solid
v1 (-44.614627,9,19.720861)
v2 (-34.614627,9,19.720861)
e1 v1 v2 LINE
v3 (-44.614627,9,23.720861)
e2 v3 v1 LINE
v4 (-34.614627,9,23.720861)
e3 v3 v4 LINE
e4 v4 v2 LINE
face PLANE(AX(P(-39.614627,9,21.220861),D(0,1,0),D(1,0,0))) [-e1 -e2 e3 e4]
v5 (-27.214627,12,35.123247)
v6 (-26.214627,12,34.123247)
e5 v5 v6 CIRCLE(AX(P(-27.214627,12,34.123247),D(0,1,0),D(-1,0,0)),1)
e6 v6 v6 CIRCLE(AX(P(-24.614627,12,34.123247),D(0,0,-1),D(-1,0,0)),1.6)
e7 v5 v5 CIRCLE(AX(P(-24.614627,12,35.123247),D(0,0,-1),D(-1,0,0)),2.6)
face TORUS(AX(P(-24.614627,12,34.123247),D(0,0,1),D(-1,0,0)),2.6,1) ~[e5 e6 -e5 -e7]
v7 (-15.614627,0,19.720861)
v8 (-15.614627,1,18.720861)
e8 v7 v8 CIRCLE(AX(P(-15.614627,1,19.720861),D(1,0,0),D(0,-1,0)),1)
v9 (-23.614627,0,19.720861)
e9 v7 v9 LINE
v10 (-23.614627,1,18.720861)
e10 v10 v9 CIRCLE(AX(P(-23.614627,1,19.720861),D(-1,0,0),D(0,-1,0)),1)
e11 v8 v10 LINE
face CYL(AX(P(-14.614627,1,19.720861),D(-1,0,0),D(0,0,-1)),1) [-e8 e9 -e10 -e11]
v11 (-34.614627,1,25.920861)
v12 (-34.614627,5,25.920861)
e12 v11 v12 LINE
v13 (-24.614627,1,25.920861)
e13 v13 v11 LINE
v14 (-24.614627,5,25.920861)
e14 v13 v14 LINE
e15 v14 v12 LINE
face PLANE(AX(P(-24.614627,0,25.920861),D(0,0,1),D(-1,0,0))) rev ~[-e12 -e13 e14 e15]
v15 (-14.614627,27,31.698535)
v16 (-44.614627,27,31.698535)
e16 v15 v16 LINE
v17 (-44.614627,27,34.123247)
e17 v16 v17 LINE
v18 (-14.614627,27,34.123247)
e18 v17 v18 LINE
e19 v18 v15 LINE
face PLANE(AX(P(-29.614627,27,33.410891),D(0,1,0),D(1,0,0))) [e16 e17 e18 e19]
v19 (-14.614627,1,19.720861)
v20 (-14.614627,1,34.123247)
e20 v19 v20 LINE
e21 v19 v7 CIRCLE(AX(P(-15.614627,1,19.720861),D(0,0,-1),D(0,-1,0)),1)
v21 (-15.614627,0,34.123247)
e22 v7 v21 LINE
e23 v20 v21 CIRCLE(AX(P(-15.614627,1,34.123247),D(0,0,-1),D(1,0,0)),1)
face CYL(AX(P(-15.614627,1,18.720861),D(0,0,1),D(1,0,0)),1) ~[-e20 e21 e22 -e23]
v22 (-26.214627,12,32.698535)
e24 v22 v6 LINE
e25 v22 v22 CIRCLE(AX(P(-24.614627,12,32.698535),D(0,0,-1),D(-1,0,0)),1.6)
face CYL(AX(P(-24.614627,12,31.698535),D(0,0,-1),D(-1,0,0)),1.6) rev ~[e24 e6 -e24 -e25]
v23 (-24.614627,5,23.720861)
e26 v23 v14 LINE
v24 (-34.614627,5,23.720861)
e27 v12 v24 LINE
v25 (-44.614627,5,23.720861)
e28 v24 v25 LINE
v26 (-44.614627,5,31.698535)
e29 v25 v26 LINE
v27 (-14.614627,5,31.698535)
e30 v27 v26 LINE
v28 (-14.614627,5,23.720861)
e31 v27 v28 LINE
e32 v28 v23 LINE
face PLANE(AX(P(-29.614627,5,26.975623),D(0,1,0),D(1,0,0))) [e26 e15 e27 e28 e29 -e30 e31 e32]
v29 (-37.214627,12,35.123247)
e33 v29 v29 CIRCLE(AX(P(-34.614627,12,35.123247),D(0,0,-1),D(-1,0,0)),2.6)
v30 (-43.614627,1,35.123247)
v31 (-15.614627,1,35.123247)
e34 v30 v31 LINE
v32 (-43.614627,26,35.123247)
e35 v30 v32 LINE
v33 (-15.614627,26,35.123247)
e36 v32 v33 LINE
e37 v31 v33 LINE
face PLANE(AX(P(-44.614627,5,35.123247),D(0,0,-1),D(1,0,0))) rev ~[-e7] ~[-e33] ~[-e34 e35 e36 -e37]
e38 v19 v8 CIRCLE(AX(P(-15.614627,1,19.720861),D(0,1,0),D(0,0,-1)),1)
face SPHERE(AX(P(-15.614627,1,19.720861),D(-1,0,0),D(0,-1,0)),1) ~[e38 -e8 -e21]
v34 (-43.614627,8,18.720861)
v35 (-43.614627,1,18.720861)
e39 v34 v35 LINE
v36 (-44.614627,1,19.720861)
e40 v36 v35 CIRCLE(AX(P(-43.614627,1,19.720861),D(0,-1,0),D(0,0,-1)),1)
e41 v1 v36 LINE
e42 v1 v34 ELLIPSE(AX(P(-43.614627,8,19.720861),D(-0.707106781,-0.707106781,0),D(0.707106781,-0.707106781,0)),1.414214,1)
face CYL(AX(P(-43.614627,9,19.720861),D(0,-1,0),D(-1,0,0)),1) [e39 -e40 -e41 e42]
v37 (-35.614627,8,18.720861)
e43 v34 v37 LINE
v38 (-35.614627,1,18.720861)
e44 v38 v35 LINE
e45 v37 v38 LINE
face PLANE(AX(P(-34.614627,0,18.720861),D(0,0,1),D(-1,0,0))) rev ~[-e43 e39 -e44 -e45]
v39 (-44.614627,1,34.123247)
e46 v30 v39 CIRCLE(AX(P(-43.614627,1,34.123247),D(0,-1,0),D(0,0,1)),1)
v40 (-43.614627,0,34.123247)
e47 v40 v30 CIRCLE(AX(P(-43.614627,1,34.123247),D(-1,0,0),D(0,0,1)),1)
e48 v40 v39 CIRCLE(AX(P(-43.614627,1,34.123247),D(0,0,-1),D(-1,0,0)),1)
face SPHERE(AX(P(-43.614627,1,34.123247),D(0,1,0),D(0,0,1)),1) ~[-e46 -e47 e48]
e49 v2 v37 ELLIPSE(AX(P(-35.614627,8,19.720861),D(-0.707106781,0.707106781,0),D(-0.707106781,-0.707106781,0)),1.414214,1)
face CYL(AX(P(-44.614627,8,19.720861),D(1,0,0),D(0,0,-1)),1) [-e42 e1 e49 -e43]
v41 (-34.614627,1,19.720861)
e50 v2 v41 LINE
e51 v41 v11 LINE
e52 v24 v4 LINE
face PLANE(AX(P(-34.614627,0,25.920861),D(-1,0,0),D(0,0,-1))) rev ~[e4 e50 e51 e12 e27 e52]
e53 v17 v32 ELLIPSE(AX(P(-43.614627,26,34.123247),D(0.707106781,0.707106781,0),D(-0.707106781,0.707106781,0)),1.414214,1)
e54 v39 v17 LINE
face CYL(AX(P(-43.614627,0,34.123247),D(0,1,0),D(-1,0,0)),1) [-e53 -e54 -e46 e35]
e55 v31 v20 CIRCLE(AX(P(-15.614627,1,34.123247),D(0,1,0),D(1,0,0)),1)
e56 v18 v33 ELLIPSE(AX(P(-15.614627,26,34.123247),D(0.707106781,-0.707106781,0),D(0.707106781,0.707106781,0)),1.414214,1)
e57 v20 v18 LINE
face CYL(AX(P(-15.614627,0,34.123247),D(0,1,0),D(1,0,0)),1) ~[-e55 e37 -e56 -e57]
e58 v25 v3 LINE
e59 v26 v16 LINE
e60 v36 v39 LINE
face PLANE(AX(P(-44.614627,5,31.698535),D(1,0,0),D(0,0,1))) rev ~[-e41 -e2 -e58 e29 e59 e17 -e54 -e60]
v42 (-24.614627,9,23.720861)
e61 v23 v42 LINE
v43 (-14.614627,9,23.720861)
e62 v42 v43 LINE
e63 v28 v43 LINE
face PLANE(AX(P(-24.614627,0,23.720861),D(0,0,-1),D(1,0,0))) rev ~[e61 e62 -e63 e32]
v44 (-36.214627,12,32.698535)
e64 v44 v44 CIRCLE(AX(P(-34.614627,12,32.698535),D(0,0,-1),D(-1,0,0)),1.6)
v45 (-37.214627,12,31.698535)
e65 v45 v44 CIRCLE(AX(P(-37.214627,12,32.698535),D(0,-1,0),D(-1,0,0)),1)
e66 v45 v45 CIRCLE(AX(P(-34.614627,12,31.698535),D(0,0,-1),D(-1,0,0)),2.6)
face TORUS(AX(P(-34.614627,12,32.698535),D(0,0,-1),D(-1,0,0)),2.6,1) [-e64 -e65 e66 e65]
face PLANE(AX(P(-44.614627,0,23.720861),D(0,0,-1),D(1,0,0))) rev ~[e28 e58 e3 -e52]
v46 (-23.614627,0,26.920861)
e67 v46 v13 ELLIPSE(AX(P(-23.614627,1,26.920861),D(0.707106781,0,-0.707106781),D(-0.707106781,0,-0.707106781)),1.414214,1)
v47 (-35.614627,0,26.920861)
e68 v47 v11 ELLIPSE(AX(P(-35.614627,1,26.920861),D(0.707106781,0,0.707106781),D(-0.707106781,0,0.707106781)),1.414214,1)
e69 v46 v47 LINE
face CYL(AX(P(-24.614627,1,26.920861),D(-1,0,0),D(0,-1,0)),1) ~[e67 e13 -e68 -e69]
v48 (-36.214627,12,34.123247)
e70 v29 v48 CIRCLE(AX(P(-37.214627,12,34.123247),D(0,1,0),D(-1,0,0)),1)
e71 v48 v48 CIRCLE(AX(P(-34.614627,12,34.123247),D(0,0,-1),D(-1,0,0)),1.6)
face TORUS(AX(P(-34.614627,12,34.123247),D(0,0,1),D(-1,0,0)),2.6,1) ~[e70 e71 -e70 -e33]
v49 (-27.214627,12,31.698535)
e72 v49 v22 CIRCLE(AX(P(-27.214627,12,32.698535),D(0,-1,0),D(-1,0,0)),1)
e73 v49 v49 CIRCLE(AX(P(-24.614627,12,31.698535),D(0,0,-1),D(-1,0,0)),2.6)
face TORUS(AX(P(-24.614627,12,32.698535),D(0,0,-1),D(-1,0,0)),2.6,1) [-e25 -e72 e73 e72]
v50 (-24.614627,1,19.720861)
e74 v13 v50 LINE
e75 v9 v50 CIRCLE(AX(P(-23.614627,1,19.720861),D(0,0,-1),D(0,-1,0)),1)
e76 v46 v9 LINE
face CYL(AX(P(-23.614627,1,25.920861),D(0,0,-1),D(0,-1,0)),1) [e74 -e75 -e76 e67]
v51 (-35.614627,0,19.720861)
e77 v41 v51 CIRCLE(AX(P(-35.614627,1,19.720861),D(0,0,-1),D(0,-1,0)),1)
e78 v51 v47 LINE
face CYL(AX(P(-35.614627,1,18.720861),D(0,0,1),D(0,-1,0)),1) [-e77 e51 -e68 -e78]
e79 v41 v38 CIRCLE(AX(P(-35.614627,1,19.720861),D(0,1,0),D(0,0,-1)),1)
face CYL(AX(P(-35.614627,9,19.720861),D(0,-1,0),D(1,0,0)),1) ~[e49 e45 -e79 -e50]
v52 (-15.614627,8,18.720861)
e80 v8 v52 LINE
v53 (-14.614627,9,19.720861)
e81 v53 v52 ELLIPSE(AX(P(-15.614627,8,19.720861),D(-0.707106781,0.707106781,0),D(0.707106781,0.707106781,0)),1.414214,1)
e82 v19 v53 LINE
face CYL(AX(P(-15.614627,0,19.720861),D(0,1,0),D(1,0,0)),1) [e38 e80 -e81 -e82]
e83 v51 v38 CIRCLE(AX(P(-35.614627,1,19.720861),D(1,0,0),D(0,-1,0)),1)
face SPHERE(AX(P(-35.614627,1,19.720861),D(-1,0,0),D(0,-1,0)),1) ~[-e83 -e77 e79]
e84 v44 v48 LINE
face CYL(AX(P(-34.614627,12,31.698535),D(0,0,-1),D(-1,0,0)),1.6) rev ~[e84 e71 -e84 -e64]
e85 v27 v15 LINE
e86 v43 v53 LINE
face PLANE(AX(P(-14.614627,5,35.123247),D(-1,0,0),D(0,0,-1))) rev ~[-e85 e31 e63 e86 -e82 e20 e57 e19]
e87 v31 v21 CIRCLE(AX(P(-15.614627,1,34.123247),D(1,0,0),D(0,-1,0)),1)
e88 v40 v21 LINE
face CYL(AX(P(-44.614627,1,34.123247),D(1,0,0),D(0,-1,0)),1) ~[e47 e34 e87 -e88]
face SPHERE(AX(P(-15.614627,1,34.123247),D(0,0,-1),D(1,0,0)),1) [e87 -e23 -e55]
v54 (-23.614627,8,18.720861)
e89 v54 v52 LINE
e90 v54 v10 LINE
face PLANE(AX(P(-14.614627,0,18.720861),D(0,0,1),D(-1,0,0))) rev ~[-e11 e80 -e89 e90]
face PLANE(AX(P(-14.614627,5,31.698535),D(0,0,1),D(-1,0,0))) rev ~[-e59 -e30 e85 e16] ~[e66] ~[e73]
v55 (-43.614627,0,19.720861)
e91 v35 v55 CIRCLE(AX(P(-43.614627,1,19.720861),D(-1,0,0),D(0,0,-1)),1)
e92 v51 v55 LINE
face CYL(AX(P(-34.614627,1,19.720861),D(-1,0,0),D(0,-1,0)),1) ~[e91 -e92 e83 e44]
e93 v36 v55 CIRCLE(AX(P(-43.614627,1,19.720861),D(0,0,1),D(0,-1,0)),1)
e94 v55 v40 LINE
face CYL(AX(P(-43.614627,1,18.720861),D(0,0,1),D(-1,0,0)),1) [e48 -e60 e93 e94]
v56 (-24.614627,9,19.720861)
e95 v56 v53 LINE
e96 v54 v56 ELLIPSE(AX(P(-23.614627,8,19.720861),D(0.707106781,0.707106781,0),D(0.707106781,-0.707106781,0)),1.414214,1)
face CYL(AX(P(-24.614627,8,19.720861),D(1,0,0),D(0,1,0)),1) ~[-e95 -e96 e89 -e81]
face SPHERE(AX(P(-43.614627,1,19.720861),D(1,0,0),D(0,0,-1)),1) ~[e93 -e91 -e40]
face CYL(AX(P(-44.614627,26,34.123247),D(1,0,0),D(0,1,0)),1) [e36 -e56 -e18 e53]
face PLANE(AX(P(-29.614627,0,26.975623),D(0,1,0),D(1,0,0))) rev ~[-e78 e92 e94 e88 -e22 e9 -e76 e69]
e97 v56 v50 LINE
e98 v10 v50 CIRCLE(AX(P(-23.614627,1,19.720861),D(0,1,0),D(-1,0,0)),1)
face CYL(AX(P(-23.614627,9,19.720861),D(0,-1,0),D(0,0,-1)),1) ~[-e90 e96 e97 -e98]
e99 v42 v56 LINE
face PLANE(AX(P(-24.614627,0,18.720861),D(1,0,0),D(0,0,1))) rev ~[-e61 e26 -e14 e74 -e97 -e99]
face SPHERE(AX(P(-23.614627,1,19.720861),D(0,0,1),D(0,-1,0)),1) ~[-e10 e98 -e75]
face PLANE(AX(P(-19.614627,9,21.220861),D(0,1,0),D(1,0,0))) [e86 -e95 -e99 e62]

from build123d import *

# Parameters (mm, degrees)
BOSS_EXTRUDE1_DEPTH = 5
SKETCH1_3_W         = 10
SKETCH1_3_H         = 5
BOSS_EXTRUDE2_DEPTH = 9
BOSS_EXTRUDE3_DEPTH = 22
SKETCH4_R           = 1.6
CUT_EXTRUDE1_DEPTH  = 3.424711692
FILLET1_R           = 1
FILLET2_R           = 1


with BuildPart() as part:
    # Sketch1 → Boss-Extrude1 (new body)
    with BuildSketch(Plane(origin=(0, 0, 0), x_dir=(1, 0, 0), z_dir=(0, 1, 0))):
        Polygon((-44.61462686, -35.123247006), (-14.61462686, -35.123247006), (-14.61462686, -18.720861087), (-24.61462686, -18.720861087), (-24.61462686, -25.920861087), (-34.61462686, -25.920861087), (-34.61462686, -18.720861087), (-44.61462686, -18.720861087), align=None)
    extrude(amount=BOSS_EXTRUDE1_DEPTH)

    # Sketch1<3> → Boss-Extrude2 (add)
    with BuildSketch(Plane(origin=(0, 0, 0), x_dir=(1, 0, 0), z_dir=(0, 1, 0))):
        with Locations((-39.61462686, -21.220861087)):
            Rectangle(SKETCH1_3_W, SKETCH1_3_H)
        with Locations((-19.61462686, -21.220861087)):
            Rectangle(SKETCH1_3_W, SKETCH1_3_H)
    extrude(amount=BOSS_EXTRUDE2_DEPTH)

    # Sketch3 → Boss-Extrude3 (add)
    with BuildSketch(Plane(origin=(0, 5, 0), x_dir=(1, 0, 0), z_dir=(0, 1, 0))):
        Polygon((-34.61462686, -31.698535314), (-44.61462686, -31.698535314), (-44.61462686, -35.123247006), (-14.61462686, -35.123247006), (-14.61462686, -31.698535314), align=None)
    extrude(amount=BOSS_EXTRUDE3_DEPTH)

    # Sketch4 → Cut-Extrude1 (cut)
    with BuildSketch(Plane(origin=(0, 0, 31.698535314), x_dir=(-1, 0, 0), z_dir=(0, 0, -1))):
        with Locations((34.61462686, 12)):
            Circle(SKETCH4_R)
        with Locations((24.61462686, 12)):
            Circle(SKETCH4_R)
    extrude(amount=-CUT_EXTRUDE1_DEPTH, mode=Mode.SUBTRACT)

    # Fillet1
    fillet1_edges = [part.edges().sort_by_distance(p)[0] for p in [
        (-33.01462686, 12, 31.698535314),
        (-33.01462686, 12, 35.123247006),
        (-23.01462686, 12, 31.698535314),
        (-23.01462686, 12, 35.123247006),
    ]]
    fillet(fillet1_edges, radius=FILLET1_R)

    # Fillet2
    fillet2_edges = [part.edges().sort_by_distance(p)[0] for p in [
        (-39.61462686, 0, 18.720861087),
        (-34.61462686, 0, 22.320861087),
        (-29.61462686, 0, 25.920861087),
        (-24.61462686, 0, 22.320861087),
        (-19.61462686, 0, 18.720861087),
        (-14.61462686, 0, 26.922054046),
        (-14.61462686, 13.5, 35.123247006),
        (-44.61462686, 13.5, 35.123247006),
        (-44.61462686, 4.5, 18.720861087),
        (-34.61462686, 4.5, 18.720861087),
        (-24.61462686, 4.5, 18.720861087),
        (-14.61462686, 4.5, 18.720861087),
        (-39.61462686, 9, 18.720861087),
        (-19.61462686, 9, 18.720861087),
        (-29.61462686, 27, 35.123247006),
        (-29.61462686, 0, 35.123247006),
        (-44.61462686, 0, 26.922054046),
    ]]
    fillet(fillet2_edges, radius=FILLET2_R)


solid = part.part
